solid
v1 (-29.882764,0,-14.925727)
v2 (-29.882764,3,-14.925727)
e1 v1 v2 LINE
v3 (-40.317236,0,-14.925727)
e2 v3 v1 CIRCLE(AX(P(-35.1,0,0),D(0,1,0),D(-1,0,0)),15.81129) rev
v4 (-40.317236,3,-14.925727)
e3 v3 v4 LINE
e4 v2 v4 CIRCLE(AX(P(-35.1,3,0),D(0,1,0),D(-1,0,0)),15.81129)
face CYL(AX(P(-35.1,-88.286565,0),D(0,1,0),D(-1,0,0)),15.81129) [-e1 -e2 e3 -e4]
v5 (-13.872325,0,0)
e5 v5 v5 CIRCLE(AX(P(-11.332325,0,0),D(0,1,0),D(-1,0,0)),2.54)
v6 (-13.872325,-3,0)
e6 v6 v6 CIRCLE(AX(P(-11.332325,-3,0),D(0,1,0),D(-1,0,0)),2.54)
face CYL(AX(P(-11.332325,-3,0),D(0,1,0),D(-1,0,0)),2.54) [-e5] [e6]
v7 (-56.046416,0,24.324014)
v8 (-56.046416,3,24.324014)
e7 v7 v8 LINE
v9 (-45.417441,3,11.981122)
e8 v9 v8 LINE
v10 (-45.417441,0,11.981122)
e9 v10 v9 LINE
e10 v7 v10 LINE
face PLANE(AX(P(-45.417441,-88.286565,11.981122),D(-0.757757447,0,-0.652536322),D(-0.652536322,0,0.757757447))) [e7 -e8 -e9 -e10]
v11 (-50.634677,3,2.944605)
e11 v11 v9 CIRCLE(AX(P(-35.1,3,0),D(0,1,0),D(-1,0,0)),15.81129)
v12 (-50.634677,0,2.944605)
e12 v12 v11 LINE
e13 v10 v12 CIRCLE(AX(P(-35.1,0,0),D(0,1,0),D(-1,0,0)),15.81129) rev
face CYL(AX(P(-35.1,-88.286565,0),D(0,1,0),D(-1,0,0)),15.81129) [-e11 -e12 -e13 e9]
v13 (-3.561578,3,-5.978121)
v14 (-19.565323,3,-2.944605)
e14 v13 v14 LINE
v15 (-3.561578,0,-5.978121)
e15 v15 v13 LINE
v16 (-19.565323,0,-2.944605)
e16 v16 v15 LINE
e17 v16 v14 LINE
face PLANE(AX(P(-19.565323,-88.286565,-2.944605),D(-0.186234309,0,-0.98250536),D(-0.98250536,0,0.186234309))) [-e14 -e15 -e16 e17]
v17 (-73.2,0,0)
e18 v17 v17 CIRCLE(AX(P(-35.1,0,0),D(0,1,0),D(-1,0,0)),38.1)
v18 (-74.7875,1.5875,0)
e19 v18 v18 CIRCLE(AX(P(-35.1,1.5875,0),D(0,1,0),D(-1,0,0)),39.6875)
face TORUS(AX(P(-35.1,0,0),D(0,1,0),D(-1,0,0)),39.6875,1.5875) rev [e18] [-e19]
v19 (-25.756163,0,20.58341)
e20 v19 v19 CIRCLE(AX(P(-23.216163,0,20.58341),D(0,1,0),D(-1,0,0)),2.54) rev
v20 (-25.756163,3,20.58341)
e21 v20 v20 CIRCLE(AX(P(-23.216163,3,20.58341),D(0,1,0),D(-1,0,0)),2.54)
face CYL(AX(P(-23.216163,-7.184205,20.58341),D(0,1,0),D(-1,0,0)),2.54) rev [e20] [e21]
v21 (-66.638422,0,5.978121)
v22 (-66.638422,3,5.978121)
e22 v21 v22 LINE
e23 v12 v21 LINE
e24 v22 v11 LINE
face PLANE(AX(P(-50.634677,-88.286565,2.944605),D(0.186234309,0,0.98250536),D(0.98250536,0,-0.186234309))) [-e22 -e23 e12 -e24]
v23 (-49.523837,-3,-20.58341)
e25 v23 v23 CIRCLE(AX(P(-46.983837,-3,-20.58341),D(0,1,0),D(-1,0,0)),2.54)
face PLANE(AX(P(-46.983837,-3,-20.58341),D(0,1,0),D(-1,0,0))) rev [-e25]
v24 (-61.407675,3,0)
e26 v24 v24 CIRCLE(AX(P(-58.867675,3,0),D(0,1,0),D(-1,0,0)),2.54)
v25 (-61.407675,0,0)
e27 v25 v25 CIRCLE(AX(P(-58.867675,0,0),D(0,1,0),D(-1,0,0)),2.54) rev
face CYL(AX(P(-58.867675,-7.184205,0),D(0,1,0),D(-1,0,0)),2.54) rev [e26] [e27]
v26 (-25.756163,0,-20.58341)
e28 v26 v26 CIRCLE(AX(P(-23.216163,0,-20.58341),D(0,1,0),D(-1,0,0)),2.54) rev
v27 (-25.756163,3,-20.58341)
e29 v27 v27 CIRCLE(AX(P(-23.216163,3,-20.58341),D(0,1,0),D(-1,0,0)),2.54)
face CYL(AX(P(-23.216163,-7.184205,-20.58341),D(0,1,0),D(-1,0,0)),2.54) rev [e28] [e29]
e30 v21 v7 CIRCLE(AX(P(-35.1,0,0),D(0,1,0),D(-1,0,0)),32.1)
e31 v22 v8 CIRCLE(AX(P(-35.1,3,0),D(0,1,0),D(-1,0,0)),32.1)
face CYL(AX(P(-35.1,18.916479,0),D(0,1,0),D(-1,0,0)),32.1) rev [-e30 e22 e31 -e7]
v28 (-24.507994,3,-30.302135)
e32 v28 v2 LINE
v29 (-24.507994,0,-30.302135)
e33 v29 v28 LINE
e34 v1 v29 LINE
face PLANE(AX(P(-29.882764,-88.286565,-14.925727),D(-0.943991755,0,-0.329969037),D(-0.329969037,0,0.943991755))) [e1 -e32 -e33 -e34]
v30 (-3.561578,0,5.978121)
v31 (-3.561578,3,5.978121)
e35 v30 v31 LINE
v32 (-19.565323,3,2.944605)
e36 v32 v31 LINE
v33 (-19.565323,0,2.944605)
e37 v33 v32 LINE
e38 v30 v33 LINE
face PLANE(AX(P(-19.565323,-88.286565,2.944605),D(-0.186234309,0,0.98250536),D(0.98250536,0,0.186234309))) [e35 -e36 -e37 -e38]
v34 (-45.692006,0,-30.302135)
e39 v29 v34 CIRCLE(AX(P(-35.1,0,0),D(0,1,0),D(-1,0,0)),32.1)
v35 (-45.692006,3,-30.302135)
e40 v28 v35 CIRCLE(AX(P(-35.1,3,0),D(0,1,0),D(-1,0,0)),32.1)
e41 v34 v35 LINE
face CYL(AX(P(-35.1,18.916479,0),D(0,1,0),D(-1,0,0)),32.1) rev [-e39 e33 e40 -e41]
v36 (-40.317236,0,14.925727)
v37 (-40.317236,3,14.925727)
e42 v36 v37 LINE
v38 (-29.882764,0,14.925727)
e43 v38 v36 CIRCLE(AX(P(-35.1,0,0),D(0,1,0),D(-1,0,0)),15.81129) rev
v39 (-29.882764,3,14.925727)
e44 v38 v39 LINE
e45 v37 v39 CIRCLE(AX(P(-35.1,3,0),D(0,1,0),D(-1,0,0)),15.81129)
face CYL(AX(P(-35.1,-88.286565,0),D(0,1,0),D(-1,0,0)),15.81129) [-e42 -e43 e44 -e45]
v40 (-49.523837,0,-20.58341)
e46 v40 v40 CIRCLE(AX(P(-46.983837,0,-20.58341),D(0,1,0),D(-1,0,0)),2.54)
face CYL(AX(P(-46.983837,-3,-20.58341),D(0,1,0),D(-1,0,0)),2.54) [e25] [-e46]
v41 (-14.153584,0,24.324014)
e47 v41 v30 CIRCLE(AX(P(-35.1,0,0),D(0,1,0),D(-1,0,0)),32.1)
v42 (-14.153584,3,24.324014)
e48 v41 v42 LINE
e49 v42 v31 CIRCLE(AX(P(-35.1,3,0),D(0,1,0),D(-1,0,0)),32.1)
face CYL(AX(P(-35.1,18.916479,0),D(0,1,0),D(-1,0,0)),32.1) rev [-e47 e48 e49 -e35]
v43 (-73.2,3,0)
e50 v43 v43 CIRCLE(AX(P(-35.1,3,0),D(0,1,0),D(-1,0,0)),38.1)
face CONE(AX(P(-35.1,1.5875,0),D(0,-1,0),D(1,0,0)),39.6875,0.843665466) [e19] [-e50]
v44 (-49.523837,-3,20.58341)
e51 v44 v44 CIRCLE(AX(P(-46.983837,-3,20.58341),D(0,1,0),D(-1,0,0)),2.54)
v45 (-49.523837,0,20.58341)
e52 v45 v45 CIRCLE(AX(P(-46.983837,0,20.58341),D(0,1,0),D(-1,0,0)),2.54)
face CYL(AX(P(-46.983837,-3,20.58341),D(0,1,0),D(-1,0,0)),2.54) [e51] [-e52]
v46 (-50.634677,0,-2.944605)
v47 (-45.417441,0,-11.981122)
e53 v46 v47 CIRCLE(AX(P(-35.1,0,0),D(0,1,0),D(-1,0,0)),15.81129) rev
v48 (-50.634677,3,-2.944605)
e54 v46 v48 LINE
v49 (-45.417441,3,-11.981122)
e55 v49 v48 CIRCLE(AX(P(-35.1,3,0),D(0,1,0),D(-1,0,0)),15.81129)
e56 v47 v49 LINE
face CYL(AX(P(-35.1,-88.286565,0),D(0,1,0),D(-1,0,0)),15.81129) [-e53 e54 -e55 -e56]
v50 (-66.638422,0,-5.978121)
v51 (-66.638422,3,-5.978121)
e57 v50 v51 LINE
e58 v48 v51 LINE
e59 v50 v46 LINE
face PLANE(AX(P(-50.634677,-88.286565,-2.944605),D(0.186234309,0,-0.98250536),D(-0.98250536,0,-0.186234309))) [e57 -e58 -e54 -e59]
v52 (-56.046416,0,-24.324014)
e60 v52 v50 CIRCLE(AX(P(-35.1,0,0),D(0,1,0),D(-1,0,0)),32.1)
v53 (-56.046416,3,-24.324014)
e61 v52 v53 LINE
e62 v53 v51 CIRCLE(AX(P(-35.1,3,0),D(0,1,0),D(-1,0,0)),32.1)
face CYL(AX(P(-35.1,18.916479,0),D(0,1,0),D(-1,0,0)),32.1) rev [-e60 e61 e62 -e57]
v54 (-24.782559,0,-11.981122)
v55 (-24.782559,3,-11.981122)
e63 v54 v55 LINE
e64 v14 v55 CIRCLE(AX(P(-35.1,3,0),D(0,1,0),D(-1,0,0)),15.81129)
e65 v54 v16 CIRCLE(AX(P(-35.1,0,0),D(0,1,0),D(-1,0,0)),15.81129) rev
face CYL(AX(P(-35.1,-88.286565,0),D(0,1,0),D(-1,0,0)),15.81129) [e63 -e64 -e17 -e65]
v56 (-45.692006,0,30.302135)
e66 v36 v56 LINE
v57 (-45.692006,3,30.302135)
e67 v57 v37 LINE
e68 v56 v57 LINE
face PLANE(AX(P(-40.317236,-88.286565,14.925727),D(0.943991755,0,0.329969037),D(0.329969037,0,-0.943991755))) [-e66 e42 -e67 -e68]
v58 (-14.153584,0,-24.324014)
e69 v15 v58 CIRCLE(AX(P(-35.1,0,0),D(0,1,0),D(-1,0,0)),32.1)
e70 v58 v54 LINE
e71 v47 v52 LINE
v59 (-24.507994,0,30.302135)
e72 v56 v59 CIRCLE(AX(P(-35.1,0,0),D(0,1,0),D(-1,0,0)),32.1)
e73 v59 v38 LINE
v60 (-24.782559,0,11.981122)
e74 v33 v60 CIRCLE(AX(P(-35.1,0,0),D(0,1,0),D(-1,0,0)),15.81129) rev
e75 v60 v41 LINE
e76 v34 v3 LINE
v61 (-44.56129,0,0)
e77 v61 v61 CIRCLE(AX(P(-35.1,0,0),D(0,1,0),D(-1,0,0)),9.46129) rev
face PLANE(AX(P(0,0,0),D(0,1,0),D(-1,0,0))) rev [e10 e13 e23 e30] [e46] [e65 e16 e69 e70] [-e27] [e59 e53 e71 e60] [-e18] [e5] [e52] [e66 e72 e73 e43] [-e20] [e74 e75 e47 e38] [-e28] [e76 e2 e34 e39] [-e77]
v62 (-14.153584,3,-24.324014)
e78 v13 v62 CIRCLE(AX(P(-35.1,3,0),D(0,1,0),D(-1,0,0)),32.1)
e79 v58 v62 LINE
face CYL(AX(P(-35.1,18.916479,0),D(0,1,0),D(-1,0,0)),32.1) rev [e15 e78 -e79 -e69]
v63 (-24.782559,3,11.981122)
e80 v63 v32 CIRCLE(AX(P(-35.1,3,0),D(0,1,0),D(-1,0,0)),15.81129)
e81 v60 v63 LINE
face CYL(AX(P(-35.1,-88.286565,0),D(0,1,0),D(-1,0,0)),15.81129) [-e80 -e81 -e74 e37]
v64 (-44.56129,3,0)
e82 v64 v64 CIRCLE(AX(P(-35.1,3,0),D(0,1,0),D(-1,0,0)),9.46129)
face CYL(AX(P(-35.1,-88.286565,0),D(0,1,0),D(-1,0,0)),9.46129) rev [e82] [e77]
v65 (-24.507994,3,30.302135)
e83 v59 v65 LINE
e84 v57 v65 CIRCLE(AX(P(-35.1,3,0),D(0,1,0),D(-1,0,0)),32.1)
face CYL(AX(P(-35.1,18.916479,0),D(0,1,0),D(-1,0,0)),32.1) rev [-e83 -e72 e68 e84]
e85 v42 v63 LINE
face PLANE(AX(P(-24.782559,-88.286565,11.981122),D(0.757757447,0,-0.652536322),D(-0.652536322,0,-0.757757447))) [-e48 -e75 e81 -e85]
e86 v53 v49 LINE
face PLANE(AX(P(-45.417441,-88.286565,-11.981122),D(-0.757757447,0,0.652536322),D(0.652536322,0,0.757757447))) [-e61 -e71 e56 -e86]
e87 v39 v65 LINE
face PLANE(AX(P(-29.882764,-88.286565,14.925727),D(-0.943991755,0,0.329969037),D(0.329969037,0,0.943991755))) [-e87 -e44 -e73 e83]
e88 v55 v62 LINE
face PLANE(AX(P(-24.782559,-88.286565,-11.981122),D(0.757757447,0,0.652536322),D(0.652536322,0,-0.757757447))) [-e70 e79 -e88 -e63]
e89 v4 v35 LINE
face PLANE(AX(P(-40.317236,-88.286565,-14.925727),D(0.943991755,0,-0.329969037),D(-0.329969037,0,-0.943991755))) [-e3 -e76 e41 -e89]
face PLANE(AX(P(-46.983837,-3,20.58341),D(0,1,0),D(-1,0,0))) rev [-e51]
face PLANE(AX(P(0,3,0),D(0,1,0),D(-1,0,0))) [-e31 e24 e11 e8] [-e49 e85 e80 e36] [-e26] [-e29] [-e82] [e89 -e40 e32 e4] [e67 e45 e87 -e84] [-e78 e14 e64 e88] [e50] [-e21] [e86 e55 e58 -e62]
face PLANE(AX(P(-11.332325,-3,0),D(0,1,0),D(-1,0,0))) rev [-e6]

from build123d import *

# Parameters (mm, degrees)
BOSS_EXTRUDE1_START = -3
SKETCH2_R           = 9.461289508
BOSS_EXTRUDE1_DEPTH = 3
SKETCH3_R           = 2.54
BOSS_EXTRUDE2_DEPTH = 6
SKETCH4_R           = 2.54
CUT_EXTRUDE1_DEPTH  = 3


with BuildPart() as part:
    # Sketch1 → Revolve1 (revolve)
    with BuildSketch(Plane.XY, mode=Mode.PRIVATE) as revolve1_sk:
        with BuildLine():
            Line((-3, 3), (-3, 0))
            Line((-3, 0), (3, 0))
            ThreePointArc((3, 0), (3.464967985, 1.122532015), (4.5875, 1.5875))
            Line((4.5875, 1.5875), (3, 3))
            Line((3, 3), (0, 3))
            Line((0, 3), (-3, 3))
        make_face()
    revolve(revolve1_sk.sketch.rotate(Axis((-35.1, 18.916479231, 0), (0, -1, 0)), 180), axis=Axis((-35.1, 18.916479231, 0), (0, -1, 0)))

    # Sketch2 → Boss-Extrude1 (add)
    with BuildSketch(Plane(origin=(0, 3, 0), x_dir=(1, 0, 0), z_dir=(0, 1, 0)).offset(BOSS_EXTRUDE1_START)):
        with BuildLine():
            Line((-45.417440708, 11.981122365), (-56.04641595, 24.324014037))
            ThreePointArc((-56.04641595, 24.324014037), (-51.15, 27.799415461), (-45.692006103, 30.302135349))
            Line((-45.692006103, 30.302135349), (-40.31723598, 14.925726938))
            ThreePointArc((-40.31723598, 14.925726938), (-35.1, 15.811289508), (-29.88276402, 14.925726938))
            Line((-29.88276402, 14.925726938), (-24.507993897, 30.302135349))
            ThreePointArc((-24.507993897, 30.302135349), (-19.05, 27.799415461), (-14.15358405, 24.324014037))
            Line((-14.15358405, 24.324014037), (-24.782559292, 11.981122365))
            ThreePointArc((-24.782559292, 11.981122365), (-21.40702162, 7.905644754), (-19.565323312, 2.944604573))
            Line((-19.565323312, 2.944604573), (-3.561577947, 5.978121313))
            ThreePointArc((-3.561577947, 5.978121313), (-3, 0), (-3.561577947, -5.978121313))
            Line((-3.561577947, -5.978121313), (-19.565323312, -2.944604573))
            ThreePointArc((-19.565323312, -2.944604573), (-21.40702162, -7.905644754), (-24.782559292, -11.981122365))
            Line((-24.782559292, -11.981122365), (-14.15358405, -24.324014037))
            ThreePointArc((-14.15358405, -24.324014037), (-19.05, -27.799415461), (-24.507993897, -30.302135349))
            Line((-24.507993897, -30.302135349), (-29.88276402, -14.925726938))
            ThreePointArc((-29.88276402, -14.925726938), (-35.1, -15.811289508), (-40.31723598, -14.925726938))
            Line((-40.31723598, -14.925726938), (-45.692006103, -30.302135349))
            ThreePointArc((-45.692006103, -30.302135349), (-51.15, -27.799415461), (-56.04641595, -24.324014037))
            Line((-56.04641595, -24.324014037), (-45.417440708, -11.981122365))
            ThreePointArc((-45.417440708, -11.981122365), (-48.79297838, -7.905644754), (-50.634676688, -2.944604573))
            Line((-50.634676688, -2.944604573), (-66.638422053, -5.978121313))
            ThreePointArc((-66.638422053, -5.978121313), (-67.2, 0), (-66.638422053, 5.978121313))
            Line((-66.638422053, 5.978121313), (-50.634676688, 2.944604573))
            ThreePointArc((-50.634676688, 2.944604573), (-48.79297838, 7.905644754), (-45.417440708, 11.981122365))
        make_face()
        with Locations(Location((-35.1, 0, 0), (0, 0, 180))):
            Circle(SKETCH2_R, mode=Mode.SUBTRACT)
    extrude(amount=BOSS_EXTRUDE1_DEPTH)

    # Sketch3 → Boss-Extrude2 (add)
    with BuildSketch(Plane(origin=(0, 3, 0), x_dir=(1, 0, 0), z_dir=(0, 1, 0))):
        with Locations(Location((-46.983837426, 20.583410211, 0), (0, 0, 180))):
            Circle(SKETCH3_R)
        with Locations(Location((-11.332325148, 0, 0), (0, 0, 180))):
            Circle(SKETCH3_R)
        with Locations(Location((-46.983837426, -20.583410211, 0), (0, 0, 180))):
            Circle(SKETCH3_R)
    extrude(amount=-BOSS_EXTRUDE2_DEPTH)

    # Sketch4 → Cut-Extrude1 (cut)
    with BuildSketch(Plane(origin=(0, 3, 0), x_dir=(1, 0, 0), z_dir=(0, 1, 0))):
        with Locations(Location((-23.216162574, 20.583410211, 0), (0, 0, 180))):
            Circle(SKETCH4_R)
        with Locations(Location((-23.216162574, -20.583410211, 0), (0, 0, 180))):
            Circle(SKETCH4_R)
        with Locations(Location((-58.867674852, 0, 0), (0, 0, 180))):
            Circle(SKETCH4_R)
    extrude(amount=-CUT_EXTRUDE1_DEPTH, mode=Mode.SUBTRACT)


solid = part.part
